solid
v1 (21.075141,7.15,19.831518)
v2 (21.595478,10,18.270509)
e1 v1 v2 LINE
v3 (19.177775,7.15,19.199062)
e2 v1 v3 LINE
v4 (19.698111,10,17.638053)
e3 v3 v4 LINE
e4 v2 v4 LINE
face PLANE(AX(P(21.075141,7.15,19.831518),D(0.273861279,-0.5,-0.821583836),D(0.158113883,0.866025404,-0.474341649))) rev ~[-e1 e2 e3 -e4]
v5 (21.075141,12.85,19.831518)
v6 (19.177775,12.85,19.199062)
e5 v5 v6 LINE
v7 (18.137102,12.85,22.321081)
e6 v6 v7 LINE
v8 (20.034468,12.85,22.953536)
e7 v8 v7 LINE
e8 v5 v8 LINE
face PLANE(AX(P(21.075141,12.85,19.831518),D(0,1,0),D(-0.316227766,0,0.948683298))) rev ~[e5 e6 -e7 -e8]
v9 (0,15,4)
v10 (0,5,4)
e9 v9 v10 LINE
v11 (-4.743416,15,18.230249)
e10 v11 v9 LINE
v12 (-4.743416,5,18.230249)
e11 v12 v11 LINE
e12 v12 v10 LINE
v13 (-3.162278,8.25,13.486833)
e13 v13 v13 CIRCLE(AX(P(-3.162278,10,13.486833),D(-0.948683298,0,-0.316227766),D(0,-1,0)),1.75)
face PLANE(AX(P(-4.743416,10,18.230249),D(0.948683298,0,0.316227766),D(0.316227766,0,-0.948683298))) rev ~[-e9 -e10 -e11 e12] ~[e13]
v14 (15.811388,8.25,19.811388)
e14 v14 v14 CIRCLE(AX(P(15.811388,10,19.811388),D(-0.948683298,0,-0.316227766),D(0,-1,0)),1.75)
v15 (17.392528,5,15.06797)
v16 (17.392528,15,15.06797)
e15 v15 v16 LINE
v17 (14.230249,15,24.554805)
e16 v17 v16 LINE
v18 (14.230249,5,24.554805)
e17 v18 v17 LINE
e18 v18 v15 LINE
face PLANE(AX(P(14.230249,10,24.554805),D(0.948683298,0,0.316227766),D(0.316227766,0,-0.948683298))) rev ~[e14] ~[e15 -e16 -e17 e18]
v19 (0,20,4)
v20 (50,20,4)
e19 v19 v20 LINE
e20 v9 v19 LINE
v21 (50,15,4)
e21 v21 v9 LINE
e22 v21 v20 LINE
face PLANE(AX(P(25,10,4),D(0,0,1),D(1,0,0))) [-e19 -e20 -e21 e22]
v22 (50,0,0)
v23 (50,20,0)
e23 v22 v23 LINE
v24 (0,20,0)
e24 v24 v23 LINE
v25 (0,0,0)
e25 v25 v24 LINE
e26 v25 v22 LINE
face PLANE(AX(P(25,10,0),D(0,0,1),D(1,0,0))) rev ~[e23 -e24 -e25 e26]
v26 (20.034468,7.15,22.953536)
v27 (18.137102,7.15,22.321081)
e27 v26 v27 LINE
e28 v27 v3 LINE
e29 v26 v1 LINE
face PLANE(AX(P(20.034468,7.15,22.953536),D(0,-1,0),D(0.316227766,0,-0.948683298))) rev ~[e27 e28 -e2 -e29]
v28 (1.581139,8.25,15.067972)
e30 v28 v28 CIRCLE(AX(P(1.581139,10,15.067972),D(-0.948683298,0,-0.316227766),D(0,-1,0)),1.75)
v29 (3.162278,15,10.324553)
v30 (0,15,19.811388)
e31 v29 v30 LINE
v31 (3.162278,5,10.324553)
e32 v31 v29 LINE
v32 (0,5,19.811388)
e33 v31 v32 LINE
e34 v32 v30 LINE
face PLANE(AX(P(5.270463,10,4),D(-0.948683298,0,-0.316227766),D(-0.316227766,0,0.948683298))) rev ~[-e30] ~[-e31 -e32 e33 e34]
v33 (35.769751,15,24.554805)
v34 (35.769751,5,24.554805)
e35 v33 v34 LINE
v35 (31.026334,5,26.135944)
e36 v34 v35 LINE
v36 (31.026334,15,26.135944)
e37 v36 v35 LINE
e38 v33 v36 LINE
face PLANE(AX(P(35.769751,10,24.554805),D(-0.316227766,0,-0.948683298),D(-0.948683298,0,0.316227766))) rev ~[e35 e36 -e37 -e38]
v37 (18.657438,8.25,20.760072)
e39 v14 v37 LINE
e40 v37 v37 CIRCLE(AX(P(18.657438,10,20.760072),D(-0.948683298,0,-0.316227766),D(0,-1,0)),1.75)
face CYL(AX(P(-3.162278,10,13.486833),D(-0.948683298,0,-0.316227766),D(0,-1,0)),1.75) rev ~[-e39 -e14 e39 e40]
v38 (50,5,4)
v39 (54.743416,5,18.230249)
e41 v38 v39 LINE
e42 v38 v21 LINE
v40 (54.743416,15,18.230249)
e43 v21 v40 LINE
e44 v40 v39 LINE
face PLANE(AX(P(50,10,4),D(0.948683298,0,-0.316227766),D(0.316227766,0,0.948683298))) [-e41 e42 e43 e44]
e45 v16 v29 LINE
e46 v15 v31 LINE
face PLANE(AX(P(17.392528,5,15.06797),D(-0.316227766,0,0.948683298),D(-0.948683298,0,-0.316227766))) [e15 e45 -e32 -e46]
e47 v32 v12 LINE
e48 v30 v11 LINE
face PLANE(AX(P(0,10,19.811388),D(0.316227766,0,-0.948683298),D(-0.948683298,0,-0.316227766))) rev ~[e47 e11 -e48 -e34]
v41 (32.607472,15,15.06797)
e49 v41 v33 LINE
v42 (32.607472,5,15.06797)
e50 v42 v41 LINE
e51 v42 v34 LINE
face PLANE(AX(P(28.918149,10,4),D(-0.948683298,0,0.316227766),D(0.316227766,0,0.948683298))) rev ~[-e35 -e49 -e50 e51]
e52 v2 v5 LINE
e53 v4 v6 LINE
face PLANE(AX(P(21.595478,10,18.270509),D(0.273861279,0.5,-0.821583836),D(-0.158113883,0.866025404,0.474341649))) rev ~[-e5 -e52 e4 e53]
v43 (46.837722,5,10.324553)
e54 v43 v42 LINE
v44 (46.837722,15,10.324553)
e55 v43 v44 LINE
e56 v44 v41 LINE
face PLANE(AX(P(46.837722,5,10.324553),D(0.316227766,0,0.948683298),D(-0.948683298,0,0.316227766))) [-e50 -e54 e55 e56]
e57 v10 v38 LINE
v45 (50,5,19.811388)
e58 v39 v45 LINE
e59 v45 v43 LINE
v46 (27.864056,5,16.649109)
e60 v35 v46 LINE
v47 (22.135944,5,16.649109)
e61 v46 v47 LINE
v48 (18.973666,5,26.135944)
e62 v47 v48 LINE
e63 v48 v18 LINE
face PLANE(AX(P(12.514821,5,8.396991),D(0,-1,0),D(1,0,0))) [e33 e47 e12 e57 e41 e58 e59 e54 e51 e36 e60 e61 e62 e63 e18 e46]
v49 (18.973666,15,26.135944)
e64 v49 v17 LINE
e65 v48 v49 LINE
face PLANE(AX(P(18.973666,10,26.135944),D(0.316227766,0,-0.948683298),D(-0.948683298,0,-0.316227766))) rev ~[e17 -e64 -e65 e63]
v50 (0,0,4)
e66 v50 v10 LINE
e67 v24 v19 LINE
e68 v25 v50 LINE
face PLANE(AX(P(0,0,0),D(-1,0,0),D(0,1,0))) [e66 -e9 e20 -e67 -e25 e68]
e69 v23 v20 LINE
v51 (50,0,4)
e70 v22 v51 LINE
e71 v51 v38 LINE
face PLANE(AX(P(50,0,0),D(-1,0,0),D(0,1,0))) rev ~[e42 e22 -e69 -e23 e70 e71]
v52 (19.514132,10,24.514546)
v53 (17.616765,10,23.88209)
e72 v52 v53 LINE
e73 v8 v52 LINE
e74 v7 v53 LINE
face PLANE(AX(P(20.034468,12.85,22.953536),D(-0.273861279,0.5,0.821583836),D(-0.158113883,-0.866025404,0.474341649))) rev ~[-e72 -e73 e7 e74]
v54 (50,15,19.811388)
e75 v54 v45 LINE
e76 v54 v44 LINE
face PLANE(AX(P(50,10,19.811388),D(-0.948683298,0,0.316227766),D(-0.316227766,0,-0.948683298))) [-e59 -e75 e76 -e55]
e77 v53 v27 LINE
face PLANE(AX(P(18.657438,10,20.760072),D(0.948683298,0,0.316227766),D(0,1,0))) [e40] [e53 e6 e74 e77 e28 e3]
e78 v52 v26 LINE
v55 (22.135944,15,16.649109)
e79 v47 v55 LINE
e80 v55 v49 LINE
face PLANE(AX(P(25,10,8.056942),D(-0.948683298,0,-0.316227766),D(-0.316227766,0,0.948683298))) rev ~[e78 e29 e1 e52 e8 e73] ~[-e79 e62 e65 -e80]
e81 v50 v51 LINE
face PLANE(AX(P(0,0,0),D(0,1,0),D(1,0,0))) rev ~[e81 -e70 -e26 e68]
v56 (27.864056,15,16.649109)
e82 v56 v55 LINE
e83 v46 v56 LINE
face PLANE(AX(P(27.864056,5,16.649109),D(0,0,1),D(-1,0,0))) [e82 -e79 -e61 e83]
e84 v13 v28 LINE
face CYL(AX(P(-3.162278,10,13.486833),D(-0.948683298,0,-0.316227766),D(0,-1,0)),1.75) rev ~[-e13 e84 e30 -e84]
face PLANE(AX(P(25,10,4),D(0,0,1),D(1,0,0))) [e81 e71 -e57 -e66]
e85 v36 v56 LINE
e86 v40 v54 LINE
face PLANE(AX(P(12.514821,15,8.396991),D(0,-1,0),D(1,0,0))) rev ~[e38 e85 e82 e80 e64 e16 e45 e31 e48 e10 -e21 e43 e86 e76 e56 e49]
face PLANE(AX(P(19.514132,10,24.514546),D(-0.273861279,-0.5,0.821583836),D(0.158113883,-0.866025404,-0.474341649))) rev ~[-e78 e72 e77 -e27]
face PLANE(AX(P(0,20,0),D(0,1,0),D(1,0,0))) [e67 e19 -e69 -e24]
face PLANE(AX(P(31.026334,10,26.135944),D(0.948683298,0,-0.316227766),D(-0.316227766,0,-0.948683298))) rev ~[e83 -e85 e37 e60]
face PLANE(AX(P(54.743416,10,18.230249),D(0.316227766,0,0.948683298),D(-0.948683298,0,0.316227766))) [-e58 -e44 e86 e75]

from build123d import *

# Parameters (mm, degrees)
F0_W      = 50
F0_H      = 20
F1_DEPTH  = 4
F4_DEPTH  = 5
F5_R      = 1.75
F6_DEPTH  = 25
F8_DEPTH  = 2
F10_DEPTH = 10
F12_DEPTH = 10


with BuildPart() as f1:
    # F0 (on Top) → F1 (new body)
    with BuildSketch(Plane.XY):
        with Locations((25, 10)):
            Rectangle(F0_W, F0_H)
    extrude(amount=F1_DEPTH)

    # F3 (on offset) → F4 (join, symmetric)
    with BuildSketch(Plane.XZ.offset(-10)):
        Polygon((-4.7434164903, 18.2302494708), (0, 4), (5.2704627669, 4), (0, 19.8113883008), align=None)
        Polygon((14.2302494708, 24.5548047911), (21.0818510678, 4), (28.9181489322, 4), (35.7697505292, 24.5548047911), (31.026334039, 26.1359436212), (25, 8.0569415042), (18.973665961, 26.1359436212), align=None)
        Polygon((50, 4), (54.7434164903, 18.2302494708), (50, 19.8113883008), (44.7295372331, 4), align=None)
    extrude(amount=F4_DEPTH, both=True)

    # F5 (on face) → F6 (cut, through all)
    with BuildSketch(Plane(origin=(1.2, 0, 0.4), x_dir=(0, -1, 0), z_dir=(-0.9486832981, 0, -0.316227766))):
        with Locations((-10, 13.7947331922)):
            Circle(F5_R)
    extrude(amount=-F6_DEPTH, mode=Mode.SUBTRACT)

    # F7 (on face) → F8 (cut)
    with BuildSketch(Plane(origin=(24.9170824513, 0, 8.3056941504), x_dir=(0, 1, 0), z_dir=(0.9486832981, 0, 0.316227766))):
        Polygon((12.85, 12.1492849251), (12.85, 15.4401814595), (10, 17.0856297267), (7.15, 15.4401814595), (7.15, 12.1492849251), (10, 10.5038366579), align=None)
    extrude(amount=-F8_DEPTH, mode=Mode.SUBTRACT)

    # F9 (on face) → F10 (join, through all)
    with BuildSketch(Plane.XZ.offset(-5)):
        Polygon((22.135944317, 16.6491085532), (25, 8.0569415042), (27.864055683, 16.6491085532), align=None)
    extrude(amount=-F10_DEPTH)

    # F11 (on face) → F12 (join, through all)
    with BuildSketch(Plane.XZ.offset(-5)):
        Polygon((17.3925278267, 15.0679697232), (3.162278356, 10.3245532329), (5.2704627669, 4), (21.0818510678, 4), align=None)
        Polygon((28.9181489322, 4), (44.7295372331, 4), (46.837721644, 10.3245532329), (32.6074721733, 15.0679697232), align=None)
    extrude(amount=-F12_DEPTH)


solid = f1.part
